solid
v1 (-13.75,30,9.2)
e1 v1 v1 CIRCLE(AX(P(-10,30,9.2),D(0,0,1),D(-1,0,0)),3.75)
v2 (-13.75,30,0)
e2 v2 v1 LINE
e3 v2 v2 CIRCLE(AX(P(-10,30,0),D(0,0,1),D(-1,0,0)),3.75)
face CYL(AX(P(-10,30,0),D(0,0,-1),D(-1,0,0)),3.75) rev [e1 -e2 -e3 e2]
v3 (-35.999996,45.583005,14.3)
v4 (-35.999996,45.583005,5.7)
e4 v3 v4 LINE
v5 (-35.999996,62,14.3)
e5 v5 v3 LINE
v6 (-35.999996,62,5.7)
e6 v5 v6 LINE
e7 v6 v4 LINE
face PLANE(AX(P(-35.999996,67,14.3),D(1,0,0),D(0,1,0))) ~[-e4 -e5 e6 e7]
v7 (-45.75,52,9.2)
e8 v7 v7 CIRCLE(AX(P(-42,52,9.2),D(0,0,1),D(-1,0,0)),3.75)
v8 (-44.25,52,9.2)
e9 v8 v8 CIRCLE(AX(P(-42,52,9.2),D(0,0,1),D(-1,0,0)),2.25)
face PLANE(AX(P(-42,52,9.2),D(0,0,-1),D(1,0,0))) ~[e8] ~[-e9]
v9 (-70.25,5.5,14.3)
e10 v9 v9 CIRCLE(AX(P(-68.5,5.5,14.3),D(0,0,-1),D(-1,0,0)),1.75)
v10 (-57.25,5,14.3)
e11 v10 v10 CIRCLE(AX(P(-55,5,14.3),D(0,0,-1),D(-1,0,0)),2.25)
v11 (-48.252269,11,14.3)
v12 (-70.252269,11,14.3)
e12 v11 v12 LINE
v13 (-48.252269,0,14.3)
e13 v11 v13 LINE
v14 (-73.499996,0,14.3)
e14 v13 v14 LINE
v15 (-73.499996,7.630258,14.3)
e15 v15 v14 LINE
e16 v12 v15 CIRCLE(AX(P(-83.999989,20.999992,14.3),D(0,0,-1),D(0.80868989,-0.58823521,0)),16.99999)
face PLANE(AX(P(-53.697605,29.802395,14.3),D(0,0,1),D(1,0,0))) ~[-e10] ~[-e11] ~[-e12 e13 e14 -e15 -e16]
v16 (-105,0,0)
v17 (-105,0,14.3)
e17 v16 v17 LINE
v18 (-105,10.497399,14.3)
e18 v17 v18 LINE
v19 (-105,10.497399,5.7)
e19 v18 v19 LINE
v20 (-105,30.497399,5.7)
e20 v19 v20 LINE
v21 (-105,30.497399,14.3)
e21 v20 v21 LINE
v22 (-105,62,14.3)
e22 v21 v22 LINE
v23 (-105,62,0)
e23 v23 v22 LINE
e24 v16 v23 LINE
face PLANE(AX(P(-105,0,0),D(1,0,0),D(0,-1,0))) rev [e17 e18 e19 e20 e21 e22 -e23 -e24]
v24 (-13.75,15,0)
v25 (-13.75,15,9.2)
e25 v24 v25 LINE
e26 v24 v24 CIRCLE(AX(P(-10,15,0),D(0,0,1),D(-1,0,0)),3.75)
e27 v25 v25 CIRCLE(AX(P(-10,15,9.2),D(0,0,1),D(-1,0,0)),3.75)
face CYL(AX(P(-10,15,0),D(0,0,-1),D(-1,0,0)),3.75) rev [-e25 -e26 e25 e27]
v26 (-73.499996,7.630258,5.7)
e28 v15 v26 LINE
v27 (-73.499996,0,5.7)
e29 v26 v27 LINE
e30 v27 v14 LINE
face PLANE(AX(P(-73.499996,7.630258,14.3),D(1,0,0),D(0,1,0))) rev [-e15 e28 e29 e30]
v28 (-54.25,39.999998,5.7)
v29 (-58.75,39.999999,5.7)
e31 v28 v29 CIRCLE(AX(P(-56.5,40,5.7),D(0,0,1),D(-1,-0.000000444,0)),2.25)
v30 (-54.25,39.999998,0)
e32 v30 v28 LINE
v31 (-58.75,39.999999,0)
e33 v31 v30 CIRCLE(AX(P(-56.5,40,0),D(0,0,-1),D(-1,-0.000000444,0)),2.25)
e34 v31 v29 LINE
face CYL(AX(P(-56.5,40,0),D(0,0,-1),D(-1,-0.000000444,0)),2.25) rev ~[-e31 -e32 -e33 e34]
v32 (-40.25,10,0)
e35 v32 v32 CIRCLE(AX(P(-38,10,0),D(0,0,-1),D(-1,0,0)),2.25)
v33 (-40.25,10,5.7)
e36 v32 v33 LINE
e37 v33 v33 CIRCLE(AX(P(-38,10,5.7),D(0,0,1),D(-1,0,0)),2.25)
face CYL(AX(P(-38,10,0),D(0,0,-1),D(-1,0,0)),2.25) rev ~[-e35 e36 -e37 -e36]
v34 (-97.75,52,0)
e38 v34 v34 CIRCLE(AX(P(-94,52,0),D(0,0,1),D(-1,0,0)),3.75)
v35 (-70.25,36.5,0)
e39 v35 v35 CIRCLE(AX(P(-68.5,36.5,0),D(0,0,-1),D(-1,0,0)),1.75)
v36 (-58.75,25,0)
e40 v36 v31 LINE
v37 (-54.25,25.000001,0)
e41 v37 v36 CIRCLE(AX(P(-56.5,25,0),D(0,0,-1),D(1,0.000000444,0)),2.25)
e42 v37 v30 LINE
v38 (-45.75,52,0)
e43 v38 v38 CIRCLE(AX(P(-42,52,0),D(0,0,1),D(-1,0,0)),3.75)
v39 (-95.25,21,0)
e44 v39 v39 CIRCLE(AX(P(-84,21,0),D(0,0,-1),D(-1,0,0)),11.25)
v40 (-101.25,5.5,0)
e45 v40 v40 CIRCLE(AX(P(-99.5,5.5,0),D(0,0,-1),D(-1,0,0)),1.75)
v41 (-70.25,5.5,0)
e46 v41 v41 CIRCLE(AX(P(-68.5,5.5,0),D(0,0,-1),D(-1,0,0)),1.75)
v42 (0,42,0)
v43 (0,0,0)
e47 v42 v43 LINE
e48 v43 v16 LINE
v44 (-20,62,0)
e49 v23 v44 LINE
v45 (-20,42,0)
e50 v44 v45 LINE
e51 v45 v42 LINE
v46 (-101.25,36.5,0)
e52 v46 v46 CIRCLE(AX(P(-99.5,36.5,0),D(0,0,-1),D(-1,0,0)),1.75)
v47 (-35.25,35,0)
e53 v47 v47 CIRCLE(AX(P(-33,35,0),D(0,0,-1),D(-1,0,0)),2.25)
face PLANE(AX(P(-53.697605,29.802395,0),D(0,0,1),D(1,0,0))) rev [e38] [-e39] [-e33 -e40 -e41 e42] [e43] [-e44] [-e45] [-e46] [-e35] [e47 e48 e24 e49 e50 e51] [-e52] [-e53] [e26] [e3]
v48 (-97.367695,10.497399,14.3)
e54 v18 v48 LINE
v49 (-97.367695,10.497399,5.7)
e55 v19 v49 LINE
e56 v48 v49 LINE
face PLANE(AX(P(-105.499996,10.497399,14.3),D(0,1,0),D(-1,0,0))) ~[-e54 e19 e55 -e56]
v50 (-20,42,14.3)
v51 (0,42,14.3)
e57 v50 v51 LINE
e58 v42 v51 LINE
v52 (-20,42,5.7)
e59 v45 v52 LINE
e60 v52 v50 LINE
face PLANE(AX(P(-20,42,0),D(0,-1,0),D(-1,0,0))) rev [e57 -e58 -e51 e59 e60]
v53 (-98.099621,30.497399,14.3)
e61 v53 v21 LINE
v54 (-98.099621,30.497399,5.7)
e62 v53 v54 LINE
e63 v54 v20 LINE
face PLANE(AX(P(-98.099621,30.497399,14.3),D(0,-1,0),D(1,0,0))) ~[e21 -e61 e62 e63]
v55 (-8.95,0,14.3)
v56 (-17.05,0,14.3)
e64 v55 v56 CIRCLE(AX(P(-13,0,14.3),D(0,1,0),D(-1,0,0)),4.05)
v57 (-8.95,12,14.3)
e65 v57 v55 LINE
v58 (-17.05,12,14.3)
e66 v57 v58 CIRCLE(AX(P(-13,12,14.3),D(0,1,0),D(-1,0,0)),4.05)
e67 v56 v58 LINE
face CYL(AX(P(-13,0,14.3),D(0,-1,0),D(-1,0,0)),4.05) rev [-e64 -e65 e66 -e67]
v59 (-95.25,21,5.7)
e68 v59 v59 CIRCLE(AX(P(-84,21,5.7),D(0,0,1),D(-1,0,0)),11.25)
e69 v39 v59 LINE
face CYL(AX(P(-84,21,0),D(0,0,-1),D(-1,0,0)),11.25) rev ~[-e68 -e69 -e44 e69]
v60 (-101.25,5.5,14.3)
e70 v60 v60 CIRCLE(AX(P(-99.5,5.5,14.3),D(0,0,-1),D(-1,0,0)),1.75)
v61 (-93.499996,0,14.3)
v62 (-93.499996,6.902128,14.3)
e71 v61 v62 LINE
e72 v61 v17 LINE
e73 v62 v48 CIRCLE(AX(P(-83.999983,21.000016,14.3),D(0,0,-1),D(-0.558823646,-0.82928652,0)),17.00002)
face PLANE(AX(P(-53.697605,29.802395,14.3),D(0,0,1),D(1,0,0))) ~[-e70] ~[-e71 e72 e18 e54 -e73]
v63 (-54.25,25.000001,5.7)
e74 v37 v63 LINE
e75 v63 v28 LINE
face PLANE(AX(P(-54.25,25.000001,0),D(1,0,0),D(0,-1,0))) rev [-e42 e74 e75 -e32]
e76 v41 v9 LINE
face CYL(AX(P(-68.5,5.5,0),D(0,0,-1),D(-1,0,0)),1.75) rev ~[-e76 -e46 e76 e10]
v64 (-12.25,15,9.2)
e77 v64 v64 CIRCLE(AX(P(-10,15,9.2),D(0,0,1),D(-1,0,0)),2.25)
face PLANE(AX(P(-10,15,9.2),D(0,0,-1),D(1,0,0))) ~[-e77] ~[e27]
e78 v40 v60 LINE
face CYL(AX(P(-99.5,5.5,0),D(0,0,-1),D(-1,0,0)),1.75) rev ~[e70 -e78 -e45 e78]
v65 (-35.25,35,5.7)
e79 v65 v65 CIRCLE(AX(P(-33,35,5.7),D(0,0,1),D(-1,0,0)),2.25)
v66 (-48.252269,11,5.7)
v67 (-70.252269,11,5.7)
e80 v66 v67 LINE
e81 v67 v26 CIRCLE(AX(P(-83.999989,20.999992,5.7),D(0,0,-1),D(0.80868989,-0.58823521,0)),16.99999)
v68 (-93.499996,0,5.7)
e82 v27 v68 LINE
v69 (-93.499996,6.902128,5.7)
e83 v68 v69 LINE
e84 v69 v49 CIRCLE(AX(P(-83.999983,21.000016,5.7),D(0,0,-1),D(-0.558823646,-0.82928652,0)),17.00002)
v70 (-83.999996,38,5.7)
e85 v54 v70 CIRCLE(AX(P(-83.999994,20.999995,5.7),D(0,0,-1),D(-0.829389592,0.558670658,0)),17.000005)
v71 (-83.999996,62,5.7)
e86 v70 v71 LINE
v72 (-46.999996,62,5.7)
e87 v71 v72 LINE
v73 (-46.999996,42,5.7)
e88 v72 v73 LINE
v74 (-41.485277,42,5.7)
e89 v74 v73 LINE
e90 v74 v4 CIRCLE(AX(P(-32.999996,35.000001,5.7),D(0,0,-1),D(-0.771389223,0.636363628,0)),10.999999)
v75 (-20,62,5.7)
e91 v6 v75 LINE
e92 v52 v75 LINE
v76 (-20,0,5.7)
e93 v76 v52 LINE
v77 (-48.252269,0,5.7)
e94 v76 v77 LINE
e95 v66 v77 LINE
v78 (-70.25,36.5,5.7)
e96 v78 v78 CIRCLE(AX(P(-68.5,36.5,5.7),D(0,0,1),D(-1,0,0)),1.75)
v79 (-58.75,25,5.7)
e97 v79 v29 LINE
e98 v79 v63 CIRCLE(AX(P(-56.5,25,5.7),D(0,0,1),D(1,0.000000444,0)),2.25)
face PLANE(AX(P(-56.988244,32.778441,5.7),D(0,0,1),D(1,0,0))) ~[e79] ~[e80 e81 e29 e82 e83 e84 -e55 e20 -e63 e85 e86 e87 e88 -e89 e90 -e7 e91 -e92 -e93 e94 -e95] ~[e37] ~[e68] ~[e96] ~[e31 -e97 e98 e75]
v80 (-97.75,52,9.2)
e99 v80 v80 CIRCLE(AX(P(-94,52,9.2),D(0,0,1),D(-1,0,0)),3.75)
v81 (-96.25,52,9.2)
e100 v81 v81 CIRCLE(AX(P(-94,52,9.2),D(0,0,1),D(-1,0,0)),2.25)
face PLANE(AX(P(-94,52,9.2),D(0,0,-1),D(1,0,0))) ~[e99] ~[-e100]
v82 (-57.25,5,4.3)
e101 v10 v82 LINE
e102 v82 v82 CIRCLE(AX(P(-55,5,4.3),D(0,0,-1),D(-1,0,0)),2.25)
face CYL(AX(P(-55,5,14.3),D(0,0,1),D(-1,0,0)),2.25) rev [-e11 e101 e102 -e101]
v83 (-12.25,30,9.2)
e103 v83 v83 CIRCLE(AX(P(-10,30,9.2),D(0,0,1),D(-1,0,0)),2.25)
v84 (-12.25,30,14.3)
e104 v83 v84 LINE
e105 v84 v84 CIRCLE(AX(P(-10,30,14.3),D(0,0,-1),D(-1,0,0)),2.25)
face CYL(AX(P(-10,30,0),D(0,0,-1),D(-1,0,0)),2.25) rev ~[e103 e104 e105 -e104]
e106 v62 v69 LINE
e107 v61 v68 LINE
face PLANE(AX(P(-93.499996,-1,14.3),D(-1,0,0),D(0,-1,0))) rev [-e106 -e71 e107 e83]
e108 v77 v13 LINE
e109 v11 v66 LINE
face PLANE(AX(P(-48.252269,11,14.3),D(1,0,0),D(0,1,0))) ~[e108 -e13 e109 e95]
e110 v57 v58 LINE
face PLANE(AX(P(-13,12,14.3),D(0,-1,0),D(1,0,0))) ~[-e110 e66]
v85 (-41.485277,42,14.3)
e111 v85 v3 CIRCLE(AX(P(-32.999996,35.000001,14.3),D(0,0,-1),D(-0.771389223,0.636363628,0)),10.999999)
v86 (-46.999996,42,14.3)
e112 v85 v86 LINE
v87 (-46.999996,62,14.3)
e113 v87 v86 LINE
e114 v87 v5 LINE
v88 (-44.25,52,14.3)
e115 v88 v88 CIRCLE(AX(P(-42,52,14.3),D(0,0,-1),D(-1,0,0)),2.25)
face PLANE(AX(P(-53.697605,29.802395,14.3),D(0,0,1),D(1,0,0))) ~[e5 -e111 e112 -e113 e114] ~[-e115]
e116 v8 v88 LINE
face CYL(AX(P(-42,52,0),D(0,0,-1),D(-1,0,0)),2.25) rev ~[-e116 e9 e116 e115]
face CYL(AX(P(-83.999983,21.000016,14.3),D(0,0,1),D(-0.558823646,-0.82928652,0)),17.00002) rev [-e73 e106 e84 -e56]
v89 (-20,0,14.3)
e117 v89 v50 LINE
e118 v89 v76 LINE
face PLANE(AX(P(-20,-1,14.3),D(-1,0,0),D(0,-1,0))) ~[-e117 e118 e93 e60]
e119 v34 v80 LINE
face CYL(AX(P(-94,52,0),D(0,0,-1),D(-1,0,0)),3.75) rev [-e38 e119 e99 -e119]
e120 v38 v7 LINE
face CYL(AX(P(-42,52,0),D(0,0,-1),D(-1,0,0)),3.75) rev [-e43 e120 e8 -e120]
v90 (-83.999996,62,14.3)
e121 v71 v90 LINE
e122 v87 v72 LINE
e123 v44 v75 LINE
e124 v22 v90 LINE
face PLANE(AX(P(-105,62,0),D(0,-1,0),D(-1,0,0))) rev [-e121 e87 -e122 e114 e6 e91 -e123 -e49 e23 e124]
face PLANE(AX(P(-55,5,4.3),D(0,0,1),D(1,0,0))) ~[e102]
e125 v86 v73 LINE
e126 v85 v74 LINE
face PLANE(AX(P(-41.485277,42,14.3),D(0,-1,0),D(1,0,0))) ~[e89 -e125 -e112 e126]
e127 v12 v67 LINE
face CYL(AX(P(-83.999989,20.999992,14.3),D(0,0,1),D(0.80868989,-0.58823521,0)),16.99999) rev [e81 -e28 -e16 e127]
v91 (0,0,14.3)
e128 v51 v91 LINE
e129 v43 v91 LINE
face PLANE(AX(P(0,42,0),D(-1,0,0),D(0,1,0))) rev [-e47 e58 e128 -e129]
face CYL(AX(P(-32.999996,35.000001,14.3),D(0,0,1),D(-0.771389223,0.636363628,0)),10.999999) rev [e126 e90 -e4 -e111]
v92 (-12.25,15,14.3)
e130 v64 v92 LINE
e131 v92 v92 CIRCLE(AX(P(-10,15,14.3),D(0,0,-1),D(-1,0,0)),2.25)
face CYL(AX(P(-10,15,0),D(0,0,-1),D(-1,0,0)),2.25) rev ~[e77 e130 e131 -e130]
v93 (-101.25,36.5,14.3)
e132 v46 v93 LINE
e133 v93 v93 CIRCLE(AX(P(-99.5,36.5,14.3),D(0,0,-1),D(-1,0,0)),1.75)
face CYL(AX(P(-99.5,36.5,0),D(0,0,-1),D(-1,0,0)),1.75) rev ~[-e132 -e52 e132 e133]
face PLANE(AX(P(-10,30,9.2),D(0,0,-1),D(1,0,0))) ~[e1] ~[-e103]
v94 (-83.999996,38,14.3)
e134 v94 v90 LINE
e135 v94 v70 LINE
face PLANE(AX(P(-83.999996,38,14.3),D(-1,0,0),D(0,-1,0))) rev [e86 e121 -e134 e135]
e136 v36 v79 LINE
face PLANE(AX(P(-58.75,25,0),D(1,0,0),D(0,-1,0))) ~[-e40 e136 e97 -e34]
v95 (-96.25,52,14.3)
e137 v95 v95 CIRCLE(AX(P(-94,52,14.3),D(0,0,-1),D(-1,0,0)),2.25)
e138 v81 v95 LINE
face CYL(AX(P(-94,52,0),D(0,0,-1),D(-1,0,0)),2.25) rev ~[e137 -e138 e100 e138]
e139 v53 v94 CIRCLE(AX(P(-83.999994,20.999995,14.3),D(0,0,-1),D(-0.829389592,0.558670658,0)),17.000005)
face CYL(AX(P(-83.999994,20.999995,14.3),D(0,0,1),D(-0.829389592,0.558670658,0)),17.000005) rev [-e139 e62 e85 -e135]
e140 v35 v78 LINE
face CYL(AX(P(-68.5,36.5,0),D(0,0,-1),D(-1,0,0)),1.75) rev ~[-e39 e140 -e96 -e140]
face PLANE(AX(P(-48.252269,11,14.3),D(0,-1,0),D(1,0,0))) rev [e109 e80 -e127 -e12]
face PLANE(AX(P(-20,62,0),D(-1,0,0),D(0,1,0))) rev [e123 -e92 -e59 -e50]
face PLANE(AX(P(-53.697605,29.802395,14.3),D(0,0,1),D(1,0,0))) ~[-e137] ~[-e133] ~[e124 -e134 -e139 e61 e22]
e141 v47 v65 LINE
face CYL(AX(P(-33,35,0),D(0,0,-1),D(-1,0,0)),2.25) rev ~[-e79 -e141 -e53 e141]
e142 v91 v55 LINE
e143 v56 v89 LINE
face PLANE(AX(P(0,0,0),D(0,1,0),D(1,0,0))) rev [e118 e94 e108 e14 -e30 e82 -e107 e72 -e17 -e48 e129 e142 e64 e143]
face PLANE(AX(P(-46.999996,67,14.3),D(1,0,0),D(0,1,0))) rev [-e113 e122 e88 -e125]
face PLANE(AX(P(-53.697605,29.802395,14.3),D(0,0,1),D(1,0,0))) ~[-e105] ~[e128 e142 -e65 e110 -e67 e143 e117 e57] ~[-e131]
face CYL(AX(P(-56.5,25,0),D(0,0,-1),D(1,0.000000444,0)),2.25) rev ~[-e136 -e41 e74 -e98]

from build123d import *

# Parameters (mm, degrees)
SKETCH_R        = 2.25
SKETCH_R_2      = 11.25
SKETCH_R_3      = 1.75
PAD_DEPTH       = 14.3
POCKET_DEPTH    = 8.6
SKETCH004_R     = 2.25
POCKET003_DEPTH = 10
SKETCH005_R     = 4.05
POCKET004_DEPTH = 12
SKETCH006_R     = 3.75
POCKET005_DEPTH = 9.2


with BuildPart() as pocket005:
    # Sketch → Pad (new body)
    with BuildSketch(Plane.XY):
        Polygon((0, 0), (105, 0), (105, 62), (20, 62), (20, 42), (0, 42), align=None)
        with Locations((38, 10)):
            Circle(SKETCH_R, mode=Mode.SUBTRACT)
        with Locations((33, 35)):
            Circle(SKETCH_R, mode=Mode.SUBTRACT)
        with Locations((84, 21)):
            Circle(SKETCH_R_2, mode=Mode.SUBTRACT)
        with Locations((68.5, 36.5)):
            Circle(SKETCH_R_3, mode=Mode.SUBTRACT)
        with Locations((99.5, 36.5)):
            Circle(SKETCH_R_3, mode=Mode.SUBTRACT)
        with Locations((68.5, 5.5)):
            Circle(SKETCH_R_3, mode=Mode.SUBTRACT)
        with Locations((99.5, 5.5)):
            Circle(SKETCH_R_3, mode=Mode.SUBTRACT)
        with Locations((10, 30)):
            Circle(SKETCH_R, mode=Mode.SUBTRACT)
        with Locations((10, 15)):
            Circle(SKETCH_R, mode=Mode.SUBTRACT)
        with Locations((42, 52)):
            Circle(SKETCH_R, mode=Mode.SUBTRACT)
        with Locations((94, 52)):
            Circle(SKETCH_R, mode=Mode.SUBTRACT)
        with BuildLine():
            Line((58.75, 25), (58.75, 39.999999))
            ThreePointArc((58.75, 39.999999), (56.5, 42.25), (54.25, 39.999998))
            Line((54.25, 25.000001), (54.25, 39.999998))
            ThreePointArc((54.25, 25.000001), (56.5, 22.75), (58.75, 25))
        make_face(mode=Mode.SUBTRACT)
    extrude(amount=PAD_DEPTH)

    # Sketch001 → Pocket (cut)
    with BuildSketch(Plane.XY.offset(14.3)):
        with BuildLine():
            ThreePointArc((41.485277, 42), (39.015593, 44.209375), (35.999996, 45.583005))
            Line((35.999996, 67), (35.999996, 45.583005))
            Line((20, 67), (35.999996, 67))
            Line((20, -1), (20, 67))
            Line((20, -1), (48.252269, -1))
            Line((48.252269, 11), (48.252269, -1))
            Line((48.252269, 11), (70.252269, 11))
            ThreePointArc((70.252269, 11), (71.759618, 9.202833), (73.499996, 7.630258))
            Line((73.499996, 7.630258), (73.499996, -1))
            Line((73.499996, -1), (93.499996, -1))
            Line((93.499996, -1), (93.499996, 6.902128))
            ThreePointArc((93.499996, 6.902128), (95.574295, 8.548671), (97.367695, 10.497399))
            Line((105.499996, 10.497399), (97.367695, 10.497399))
            Line((105.499996, 30.497399), (105.499996, 10.497399))
            Line((98.099621, 30.497399), (105.499996, 30.497399))
            ThreePointArc((98.099621, 30.497399), (91.98574, 36.007594), (83.999996, 38))
            Line((83.999996, 38), (83.999996, 67))
            Line((83.999996, 67), (46.999996, 67))
            Line((46.999996, 67), (46.999996, 42))
            Line((41.485277, 42), (46.999996, 42))
        make_face()
    extrude(amount=-POCKET_DEPTH, mode=Mode.SUBTRACT)

    # Sketch004 → Pocket003 (cut)
    with BuildSketch(Plane.XY.offset(14.3)):
        with Locations((55, 5)):
            Circle(SKETCH004_R)
    extrude(amount=-POCKET003_DEPTH, mode=Mode.SUBTRACT)

    # Sketch005 → Pocket004 (cut)
    with BuildSketch(Plane.XZ):
        with Locations((13, 14.3)):
            Circle(SKETCH005_R)
    extrude(amount=-POCKET004_DEPTH, mode=Mode.SUBTRACT)

    # Sketch006 → Pocket005 (cut)
    with BuildSketch(Plane(origin=(0, 0, 0), x_dir=(1, 0, 0), z_dir=(0, 0, -1))):
        with Locations((10, -15)):
            Circle(SKETCH006_R)
        with Locations((10, -30)):
            Circle(SKETCH006_R)
        with Locations((42, -52)):
            Circle(SKETCH006_R)
        with Locations((94, -52)):
            Circle(SKETCH006_R)
    extrude(amount=-POCKET005_DEPTH, mode=Mode.SUBTRACT)


with BuildPart() as part_mirroring:
    # Part__Mirroring: instance of Pocket005
    add(pocket005.part.mirror(Plane(origin=(0, 0, 0), x_dir=(0, -1, 0), z_dir=(1, 0, 0))))


solid = part_mirroring.part
